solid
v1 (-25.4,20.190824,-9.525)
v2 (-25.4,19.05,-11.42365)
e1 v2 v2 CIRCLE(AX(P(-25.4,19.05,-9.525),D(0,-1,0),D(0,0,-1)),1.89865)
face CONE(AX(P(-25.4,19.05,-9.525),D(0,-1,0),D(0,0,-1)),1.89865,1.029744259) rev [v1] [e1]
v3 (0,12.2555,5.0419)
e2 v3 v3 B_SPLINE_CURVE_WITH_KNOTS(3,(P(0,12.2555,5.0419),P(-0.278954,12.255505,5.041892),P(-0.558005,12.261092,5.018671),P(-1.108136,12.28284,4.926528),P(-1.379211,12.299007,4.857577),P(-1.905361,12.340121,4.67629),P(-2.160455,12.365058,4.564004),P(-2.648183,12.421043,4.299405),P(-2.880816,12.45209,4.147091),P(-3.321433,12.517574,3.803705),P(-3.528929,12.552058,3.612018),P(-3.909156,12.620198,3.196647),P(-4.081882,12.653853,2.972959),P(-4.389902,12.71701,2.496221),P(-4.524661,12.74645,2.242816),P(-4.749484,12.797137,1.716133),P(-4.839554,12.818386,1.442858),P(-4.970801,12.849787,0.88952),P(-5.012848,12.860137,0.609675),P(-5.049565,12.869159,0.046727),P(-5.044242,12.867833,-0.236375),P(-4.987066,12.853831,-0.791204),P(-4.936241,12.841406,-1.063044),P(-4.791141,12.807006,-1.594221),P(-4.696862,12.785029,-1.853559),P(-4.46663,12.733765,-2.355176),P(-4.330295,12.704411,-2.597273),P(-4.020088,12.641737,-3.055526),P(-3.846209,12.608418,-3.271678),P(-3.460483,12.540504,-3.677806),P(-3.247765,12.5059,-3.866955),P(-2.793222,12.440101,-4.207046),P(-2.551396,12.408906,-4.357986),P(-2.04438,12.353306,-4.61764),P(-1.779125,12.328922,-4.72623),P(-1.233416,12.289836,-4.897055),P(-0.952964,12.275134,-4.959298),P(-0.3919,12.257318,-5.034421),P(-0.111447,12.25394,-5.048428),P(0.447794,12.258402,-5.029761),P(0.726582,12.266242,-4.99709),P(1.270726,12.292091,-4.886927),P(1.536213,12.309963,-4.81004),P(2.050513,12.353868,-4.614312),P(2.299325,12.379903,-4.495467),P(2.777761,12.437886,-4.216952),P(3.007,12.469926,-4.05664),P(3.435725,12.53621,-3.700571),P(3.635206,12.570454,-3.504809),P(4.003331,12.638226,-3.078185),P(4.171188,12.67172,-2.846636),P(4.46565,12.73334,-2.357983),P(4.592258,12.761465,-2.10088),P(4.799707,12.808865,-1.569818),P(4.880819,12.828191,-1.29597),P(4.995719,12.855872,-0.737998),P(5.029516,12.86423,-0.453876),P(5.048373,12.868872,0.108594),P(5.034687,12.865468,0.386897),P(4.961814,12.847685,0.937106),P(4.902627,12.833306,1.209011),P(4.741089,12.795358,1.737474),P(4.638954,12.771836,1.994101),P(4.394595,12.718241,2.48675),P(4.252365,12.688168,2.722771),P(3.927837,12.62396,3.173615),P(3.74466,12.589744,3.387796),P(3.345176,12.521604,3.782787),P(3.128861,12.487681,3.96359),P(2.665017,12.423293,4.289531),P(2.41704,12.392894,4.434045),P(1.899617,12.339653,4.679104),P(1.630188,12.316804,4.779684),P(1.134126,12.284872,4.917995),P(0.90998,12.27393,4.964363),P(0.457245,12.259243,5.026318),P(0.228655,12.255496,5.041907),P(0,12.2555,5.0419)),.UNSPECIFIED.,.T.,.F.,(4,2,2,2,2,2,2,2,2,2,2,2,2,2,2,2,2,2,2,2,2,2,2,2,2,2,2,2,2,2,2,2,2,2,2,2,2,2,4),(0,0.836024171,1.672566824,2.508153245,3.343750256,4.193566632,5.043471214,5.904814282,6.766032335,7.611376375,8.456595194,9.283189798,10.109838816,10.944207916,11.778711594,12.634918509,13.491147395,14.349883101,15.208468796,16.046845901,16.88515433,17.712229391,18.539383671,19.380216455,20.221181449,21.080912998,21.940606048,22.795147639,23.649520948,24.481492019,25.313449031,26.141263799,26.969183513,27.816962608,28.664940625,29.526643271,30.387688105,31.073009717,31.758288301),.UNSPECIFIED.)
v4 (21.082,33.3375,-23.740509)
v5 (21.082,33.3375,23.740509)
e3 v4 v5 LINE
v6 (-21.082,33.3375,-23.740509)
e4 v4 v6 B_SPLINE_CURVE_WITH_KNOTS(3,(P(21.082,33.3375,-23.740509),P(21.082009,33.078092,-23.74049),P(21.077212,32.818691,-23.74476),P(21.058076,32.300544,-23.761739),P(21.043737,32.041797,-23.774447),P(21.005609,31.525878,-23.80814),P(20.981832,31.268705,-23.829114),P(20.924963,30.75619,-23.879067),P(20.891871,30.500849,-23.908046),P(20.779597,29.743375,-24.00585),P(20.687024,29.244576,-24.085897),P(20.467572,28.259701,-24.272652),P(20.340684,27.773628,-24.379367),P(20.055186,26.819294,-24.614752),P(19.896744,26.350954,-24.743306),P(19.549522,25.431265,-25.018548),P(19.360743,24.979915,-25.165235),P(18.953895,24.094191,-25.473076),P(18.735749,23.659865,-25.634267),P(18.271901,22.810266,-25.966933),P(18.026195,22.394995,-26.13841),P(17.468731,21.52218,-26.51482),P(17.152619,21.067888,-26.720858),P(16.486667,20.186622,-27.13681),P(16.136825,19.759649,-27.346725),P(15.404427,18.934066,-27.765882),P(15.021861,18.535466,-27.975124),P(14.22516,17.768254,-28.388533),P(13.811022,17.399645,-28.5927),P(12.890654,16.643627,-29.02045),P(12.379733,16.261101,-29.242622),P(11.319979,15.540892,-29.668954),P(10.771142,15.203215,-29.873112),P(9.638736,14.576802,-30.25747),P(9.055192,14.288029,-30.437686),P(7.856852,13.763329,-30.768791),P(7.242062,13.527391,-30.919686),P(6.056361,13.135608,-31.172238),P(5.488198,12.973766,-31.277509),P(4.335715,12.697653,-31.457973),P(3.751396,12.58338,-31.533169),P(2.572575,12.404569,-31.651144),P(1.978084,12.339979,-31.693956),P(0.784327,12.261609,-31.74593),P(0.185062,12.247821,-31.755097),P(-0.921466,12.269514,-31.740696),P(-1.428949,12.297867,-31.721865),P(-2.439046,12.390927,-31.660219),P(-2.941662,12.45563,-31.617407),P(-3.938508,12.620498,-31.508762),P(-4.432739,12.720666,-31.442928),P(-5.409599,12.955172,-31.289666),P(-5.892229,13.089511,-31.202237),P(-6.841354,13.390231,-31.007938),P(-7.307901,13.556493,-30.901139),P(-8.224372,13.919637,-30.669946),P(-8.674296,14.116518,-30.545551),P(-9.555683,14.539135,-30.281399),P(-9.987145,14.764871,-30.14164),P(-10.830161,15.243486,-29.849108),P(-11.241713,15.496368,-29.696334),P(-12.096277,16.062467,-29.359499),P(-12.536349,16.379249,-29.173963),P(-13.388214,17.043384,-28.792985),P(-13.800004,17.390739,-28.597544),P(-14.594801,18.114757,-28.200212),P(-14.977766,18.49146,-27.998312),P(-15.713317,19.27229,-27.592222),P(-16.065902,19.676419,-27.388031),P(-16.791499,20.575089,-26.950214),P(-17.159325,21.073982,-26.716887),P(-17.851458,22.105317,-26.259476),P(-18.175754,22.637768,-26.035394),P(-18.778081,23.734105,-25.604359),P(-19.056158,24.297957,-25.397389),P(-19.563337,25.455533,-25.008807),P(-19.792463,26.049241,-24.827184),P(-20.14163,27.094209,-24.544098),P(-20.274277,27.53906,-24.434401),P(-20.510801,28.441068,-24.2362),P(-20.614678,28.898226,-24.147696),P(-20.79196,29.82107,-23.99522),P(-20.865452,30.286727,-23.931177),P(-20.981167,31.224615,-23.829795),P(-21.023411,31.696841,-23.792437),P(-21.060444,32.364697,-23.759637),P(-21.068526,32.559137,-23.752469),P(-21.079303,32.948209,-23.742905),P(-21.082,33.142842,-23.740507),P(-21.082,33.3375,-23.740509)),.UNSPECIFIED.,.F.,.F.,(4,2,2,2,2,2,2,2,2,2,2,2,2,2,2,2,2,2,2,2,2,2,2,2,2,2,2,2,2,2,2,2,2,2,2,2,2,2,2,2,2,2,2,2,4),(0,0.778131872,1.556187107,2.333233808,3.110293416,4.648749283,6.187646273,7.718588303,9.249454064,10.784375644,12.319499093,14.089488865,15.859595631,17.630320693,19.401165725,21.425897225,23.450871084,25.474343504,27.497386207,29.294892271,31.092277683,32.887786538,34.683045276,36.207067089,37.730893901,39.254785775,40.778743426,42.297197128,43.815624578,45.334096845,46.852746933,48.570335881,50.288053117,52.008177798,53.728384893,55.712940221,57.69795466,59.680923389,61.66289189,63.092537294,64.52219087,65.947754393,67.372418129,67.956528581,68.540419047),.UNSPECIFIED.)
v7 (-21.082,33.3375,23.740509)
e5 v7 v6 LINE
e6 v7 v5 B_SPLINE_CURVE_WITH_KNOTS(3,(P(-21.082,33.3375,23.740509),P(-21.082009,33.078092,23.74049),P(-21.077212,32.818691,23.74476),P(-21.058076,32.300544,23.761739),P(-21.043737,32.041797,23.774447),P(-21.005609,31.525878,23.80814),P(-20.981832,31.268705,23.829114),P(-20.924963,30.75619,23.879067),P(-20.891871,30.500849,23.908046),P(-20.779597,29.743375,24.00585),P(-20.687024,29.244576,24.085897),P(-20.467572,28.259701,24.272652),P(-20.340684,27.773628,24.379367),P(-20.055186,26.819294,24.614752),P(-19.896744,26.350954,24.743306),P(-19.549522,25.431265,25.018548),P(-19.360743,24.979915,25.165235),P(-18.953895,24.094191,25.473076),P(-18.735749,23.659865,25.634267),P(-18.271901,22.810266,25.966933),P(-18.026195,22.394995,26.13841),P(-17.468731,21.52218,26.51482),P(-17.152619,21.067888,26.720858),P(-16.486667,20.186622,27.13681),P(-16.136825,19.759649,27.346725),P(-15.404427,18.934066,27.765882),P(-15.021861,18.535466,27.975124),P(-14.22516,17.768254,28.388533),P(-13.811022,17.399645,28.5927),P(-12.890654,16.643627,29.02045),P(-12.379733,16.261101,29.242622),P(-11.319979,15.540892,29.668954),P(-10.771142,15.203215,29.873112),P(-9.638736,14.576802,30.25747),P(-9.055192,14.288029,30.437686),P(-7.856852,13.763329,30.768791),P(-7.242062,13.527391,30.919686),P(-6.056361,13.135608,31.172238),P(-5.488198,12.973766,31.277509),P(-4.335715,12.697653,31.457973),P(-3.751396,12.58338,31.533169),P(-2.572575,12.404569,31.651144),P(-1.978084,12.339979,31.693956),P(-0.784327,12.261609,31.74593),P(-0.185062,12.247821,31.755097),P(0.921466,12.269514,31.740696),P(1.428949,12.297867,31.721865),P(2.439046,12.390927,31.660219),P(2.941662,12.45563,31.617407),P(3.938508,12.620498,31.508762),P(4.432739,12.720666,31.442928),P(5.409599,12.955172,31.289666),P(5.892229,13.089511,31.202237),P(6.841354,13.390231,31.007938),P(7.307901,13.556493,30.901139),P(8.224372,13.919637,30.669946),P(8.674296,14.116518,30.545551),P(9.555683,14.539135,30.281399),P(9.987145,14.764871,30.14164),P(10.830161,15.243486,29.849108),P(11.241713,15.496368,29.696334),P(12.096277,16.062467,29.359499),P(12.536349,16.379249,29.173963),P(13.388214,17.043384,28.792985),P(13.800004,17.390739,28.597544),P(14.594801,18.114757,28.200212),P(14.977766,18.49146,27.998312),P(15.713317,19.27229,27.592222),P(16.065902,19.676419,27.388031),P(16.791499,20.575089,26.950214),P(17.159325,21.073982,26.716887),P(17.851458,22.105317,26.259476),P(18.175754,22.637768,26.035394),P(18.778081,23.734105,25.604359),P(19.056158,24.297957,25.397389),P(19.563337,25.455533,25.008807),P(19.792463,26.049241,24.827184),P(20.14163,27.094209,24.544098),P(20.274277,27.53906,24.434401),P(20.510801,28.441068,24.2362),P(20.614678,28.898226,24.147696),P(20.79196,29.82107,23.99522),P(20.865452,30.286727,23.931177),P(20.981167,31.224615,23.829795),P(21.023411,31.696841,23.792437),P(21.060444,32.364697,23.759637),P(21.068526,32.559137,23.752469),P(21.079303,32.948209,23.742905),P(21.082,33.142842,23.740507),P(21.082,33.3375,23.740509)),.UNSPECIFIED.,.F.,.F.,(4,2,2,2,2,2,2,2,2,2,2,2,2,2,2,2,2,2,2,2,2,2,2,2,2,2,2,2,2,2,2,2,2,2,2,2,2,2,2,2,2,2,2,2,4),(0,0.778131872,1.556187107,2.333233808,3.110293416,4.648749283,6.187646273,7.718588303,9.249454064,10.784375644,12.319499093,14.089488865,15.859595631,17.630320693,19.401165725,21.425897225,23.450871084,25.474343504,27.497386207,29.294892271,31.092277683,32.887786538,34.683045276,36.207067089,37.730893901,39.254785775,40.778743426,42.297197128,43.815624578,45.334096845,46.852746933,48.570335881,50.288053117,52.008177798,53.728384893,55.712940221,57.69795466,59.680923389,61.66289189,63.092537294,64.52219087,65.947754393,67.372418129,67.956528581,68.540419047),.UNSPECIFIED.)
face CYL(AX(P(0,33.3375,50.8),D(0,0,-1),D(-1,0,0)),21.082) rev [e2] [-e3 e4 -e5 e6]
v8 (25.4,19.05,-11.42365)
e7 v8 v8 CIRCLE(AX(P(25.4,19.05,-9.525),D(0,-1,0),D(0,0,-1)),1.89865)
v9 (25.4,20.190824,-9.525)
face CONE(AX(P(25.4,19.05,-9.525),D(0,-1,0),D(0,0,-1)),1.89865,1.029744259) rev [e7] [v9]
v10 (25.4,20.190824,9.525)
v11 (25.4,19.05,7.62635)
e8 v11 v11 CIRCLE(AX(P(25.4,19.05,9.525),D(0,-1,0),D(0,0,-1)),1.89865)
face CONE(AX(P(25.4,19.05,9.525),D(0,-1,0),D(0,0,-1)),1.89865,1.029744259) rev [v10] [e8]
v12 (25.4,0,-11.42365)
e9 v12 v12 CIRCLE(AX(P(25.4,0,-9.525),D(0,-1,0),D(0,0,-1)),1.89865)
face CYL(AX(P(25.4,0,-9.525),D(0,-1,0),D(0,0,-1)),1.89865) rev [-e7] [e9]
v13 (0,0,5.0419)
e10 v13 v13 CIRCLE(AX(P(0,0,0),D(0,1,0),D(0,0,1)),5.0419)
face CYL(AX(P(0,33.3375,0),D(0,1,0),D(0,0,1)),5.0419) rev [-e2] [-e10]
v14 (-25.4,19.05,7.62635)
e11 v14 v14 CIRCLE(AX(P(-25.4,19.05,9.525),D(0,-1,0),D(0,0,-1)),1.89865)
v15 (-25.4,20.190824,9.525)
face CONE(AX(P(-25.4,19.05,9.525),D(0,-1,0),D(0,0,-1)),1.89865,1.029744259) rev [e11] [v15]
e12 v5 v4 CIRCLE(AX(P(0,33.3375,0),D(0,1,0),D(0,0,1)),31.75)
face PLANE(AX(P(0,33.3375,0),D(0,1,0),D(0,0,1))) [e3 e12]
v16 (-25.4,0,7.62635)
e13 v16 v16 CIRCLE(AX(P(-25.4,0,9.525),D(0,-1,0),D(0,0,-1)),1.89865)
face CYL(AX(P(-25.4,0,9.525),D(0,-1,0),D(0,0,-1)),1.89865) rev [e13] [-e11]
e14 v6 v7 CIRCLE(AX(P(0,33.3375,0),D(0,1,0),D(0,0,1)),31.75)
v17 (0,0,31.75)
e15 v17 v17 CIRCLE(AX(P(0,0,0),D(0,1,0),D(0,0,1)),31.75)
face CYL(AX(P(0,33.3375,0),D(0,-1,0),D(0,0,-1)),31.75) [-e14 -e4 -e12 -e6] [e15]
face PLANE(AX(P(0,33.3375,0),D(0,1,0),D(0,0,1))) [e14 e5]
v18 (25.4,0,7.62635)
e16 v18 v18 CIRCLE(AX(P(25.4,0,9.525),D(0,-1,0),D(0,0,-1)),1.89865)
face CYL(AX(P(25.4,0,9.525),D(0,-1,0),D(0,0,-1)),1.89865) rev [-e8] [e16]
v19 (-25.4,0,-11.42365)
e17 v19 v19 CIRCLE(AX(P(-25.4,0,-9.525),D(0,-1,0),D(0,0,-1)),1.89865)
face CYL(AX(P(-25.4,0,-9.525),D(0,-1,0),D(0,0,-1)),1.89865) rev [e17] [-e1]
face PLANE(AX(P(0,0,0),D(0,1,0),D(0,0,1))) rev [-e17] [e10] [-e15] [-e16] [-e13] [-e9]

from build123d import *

# Parameters (mm, degrees)
SKETCH1_R                      = 31.75
BOSS_EXTRUDE1_DEPTH            = 33.3375
F_3_8_CLEARANCE_HOLE1_D        = 10.0838
CUT_EXTRUDE1_DEPTH             = 50.8
CUT_EXTRUDE1_DEPTH_BACK        = 50.8
SKETCH4_R                      = 21.082
TAP_DRILL_FOR_10_24_TAP1_D     = 3.7973
TAP_DRILL_FOR_10_24_TAP1_DEPTH = 19.05
TAP_DRILL_FOR_10_24_TAP1_TIP   = 1.140824014


with BuildPart() as part:
    # Sketch1 → Boss-Extrude1 (new body)
    with BuildSketch(Plane(origin=(0, 0, 0), x_dir=(1, 0, 0), z_dir=(0, 1, 0))):
        Circle(SKETCH1_R)
    extrude(amount=BOSS_EXTRUDE1_DEPTH)

    # 3/8 Clearance Hole1 (through all)
    with Locations(Plane(origin=(0, 33.3375, 0), x_dir=(1, 0, 0), z_dir=(0, 1, 0))):
        with Locations((0, 0)):
            Hole(F_3_8_CLEARANCE_HOLE1_D / 2)

    # Sketch4 → Cut-Extrude1 (cut, two sides: drawn at the far end of the back side and taken through both)
    with BuildSketch(Plane.XY.offset(-CUT_EXTRUDE1_DEPTH_BACK)):
        with Locations((0, 33.3375)):
            Circle(SKETCH4_R)
    extrude(amount=CUT_EXTRUDE1_DEPTH + CUT_EXTRUDE1_DEPTH_BACK, mode=Mode.SUBTRACT)

    # Tap Drill for #10-24 Tap1
    with Locations(Plane(origin=(0, 0, 0), x_dir=(-1, 0, 0), z_dir=(0, -1, 0))):
        with Locations((25.4, -9.525), (25.4, 9.525), (-25.4, 9.525), (-25.4, -9.525)):
            Hole(TAP_DRILL_FOR_10_24_TAP1_D / 2, depth=TAP_DRILL_FOR_10_24_TAP1_DEPTH)
            with Locations((0, 0, -(TAP_DRILL_FOR_10_24_TAP1_DEPTH + TAP_DRILL_FOR_10_24_TAP1_TIP / 2))):  # 118° drill point
                Cone(0, TAP_DRILL_FOR_10_24_TAP1_D / 2, TAP_DRILL_FOR_10_24_TAP1_TIP, mode=Mode.SUBTRACT)


solid = part.part
